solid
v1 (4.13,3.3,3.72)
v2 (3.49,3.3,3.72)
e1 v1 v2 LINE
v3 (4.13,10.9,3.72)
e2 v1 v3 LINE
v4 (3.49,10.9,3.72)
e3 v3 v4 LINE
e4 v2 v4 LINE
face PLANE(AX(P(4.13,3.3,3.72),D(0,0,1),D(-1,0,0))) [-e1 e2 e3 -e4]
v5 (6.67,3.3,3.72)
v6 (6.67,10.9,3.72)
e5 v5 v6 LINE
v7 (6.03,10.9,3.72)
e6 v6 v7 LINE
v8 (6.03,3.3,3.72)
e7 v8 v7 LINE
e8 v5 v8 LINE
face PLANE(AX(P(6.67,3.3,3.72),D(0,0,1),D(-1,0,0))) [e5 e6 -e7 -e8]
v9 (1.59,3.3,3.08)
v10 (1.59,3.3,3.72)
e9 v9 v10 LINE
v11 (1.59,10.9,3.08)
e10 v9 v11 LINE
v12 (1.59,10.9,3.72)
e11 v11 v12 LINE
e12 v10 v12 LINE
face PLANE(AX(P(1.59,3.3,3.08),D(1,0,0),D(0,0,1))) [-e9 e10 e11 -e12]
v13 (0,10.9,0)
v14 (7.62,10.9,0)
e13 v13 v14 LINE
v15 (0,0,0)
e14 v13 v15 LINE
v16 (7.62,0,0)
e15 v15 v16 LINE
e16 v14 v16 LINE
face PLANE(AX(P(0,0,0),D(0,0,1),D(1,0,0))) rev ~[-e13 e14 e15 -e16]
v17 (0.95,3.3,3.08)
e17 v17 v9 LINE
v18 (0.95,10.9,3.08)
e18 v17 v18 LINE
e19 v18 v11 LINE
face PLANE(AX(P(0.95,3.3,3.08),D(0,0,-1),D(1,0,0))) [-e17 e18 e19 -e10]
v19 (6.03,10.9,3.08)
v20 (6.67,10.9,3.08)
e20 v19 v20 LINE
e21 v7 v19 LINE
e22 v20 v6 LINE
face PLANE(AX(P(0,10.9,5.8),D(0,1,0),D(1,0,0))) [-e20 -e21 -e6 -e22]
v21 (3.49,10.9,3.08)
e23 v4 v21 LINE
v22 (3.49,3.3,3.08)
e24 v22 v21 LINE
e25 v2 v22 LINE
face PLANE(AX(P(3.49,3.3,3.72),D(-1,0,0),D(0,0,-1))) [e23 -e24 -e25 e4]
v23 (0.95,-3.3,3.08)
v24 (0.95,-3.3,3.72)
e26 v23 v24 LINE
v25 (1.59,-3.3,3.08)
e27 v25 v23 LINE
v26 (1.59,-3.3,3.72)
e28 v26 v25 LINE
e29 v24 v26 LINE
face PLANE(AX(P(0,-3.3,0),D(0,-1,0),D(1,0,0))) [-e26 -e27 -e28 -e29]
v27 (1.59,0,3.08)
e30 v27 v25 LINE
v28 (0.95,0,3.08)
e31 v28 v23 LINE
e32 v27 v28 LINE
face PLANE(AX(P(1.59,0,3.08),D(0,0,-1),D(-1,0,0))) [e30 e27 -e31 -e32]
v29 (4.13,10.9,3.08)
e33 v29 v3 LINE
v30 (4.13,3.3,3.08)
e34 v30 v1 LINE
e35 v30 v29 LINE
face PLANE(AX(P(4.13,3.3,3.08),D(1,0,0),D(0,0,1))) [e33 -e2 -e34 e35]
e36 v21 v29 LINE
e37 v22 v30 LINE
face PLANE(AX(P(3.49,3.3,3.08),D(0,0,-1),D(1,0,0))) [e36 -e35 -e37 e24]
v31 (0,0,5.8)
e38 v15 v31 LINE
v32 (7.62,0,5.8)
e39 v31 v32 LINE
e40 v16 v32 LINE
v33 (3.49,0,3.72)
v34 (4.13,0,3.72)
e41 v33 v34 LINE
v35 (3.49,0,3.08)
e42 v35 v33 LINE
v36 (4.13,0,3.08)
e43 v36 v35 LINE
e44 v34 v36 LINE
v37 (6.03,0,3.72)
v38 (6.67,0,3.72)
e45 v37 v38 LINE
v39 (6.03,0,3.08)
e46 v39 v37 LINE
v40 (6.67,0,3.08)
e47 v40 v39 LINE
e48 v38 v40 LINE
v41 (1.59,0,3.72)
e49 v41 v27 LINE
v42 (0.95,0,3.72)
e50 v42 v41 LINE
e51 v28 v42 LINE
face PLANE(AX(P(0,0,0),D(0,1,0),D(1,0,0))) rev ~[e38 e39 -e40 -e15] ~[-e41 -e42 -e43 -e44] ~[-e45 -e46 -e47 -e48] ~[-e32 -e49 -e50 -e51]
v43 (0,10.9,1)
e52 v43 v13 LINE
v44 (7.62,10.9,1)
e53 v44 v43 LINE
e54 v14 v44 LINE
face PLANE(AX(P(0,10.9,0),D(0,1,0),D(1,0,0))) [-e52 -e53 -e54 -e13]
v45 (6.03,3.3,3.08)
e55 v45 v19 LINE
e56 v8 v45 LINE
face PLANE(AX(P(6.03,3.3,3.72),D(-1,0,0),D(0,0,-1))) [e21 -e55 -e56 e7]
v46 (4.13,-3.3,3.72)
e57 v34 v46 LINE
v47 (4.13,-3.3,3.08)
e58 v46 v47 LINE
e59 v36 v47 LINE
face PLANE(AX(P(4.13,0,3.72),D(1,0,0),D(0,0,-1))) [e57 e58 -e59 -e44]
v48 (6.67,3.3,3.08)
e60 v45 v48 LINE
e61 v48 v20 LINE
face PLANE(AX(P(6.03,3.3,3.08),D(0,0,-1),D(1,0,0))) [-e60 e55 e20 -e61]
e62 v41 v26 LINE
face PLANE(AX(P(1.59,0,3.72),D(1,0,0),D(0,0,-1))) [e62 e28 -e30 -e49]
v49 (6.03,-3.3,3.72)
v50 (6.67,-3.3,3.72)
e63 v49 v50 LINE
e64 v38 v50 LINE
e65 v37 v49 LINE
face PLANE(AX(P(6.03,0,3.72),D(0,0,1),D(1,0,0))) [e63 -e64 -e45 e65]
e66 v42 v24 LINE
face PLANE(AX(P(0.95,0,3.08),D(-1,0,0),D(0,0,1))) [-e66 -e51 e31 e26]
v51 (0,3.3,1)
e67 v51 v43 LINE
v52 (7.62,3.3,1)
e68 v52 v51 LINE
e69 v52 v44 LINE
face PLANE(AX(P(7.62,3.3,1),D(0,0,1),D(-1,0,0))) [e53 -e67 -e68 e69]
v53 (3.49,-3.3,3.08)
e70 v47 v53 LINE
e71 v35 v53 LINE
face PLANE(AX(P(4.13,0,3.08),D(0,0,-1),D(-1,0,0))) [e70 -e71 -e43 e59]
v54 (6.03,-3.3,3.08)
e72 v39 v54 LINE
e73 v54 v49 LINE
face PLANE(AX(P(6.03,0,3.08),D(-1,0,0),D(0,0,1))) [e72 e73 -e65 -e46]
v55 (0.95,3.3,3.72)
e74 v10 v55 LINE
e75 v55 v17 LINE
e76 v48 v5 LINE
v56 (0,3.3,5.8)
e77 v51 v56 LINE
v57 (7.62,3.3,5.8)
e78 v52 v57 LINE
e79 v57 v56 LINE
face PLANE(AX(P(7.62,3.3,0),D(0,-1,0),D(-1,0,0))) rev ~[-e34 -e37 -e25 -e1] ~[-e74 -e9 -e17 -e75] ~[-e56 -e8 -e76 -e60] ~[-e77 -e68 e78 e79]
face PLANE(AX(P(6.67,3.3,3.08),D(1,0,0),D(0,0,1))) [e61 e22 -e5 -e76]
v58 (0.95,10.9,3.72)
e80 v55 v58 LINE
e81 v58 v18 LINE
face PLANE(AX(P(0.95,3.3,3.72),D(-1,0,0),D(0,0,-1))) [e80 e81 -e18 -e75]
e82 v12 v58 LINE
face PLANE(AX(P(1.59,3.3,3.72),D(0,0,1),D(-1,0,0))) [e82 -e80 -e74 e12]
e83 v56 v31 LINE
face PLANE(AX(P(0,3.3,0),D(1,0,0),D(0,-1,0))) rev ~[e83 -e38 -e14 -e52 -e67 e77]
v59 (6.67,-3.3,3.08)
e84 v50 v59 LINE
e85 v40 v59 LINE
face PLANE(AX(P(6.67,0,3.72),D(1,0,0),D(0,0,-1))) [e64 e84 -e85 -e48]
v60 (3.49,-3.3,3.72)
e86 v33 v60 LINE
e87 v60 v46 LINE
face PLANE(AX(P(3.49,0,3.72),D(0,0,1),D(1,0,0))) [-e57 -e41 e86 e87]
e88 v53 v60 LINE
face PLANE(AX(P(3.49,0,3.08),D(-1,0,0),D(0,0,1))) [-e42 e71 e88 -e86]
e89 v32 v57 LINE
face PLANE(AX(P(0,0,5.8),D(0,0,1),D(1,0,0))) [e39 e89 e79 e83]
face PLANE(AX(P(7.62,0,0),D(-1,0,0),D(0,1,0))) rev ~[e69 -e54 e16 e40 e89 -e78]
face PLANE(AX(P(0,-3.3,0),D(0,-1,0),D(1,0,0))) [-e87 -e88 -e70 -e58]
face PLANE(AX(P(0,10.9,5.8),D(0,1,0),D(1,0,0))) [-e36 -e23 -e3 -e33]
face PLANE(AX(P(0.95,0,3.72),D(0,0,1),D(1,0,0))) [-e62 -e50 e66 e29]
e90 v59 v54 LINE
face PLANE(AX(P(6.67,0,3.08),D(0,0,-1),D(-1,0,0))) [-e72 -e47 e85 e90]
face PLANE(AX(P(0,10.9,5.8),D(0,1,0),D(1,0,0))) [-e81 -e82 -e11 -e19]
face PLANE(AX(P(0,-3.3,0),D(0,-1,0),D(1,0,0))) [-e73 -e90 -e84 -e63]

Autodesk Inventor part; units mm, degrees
ref_plane "YZ Plane" through (0, 0, 0) normal (1, 0, 0) x (0, 1, 0)
ref_plane "XZ Plane" through (0, 0, 0) normal (0, 1, 0) x (-1, 0, 0)
ref_plane "XY Plane" through (0, 0, 0) normal (0, 0, 1) x (1, 0, 0)
sketch "Skizze1" plane through (0, 0, 0) normal (0, 0, 1) x (1, 0, 0)
  line L0 (0, 0) -> (7.62, 0)
  line L1 (7.62, 0) -> (7.62, 3.3)
  line L2 (7.62, 3.3) -> (0, 3.3)
  line L3 (0, 3.3) -> (0, 0)
  dimension "d0" = 7.62
  dimension "d1" = 3.3
extrude "Extrusion1" add sketch "Skizze1" along normal blind 5.8
sketch "Skizze2" plane through (0, 3.3, 0) normal (0, 1, 0) x (1, 0, 0)
  line L0 (7.62, 0) -> (7.62, -5.8) projected
  line L1 (0, 0) -> (7.62, 0)
  line L2 (7.62, 0) -> (7.62, -1)
  line L3 (7.62, -1) -> (0, -1)
  line L4 (0, -1) -> (0, 0)
  dimension "d4" = 1
extrude "Extrusion2" add sketch "Skizze2" along normal blind 7.6
sketch "Skizze3" plane through (0, 3.3, 5.8) normal (0, 1, 0) x (1, 0, 0)
  line L0 (7.62, 4.8) -> (0, 4.8) projected
  line L1 (0, 4.8) -> (0, 0) projected
  line L2 (7.62, 0) -> (0, 0) projected
  line L3 (7.62, 4.8) -> (7.62, 0) projected
  line L4 (0.95, 2.72) -> (1.59, 2.72)
  line L5 (1.59, 2.72) -> (1.59, 2.08)
  line L6 (1.59, 2.08) -> (0.95, 2.08)
  line L7 (0.95, 2.08) -> (0.95, 2.72)
  line L8 (3.49, 2.72) -> (4.13, 2.72)
  line L9 (4.13, 2.72) -> (4.13, 2.08)
  line L10 (4.13, 2.08) -> (3.49, 2.08)
  line L11 (3.49, 2.08) -> (3.49, 2.72)
  line L12 (6.03, 2.72) -> (6.67, 2.72)
  line L13 (6.67, 2.72) -> (6.67, 2.08)
  line L14 (6.67, 2.08) -> (6.03, 2.08)
  line L15 (6.03, 2.08) -> (6.03, 2.72)
  point P0 (0, 5.8)
  dimension "d7" = 0.64
  dimension "d8" = 0.64
  dimension "d9" = 0.64
  dimension "d10" = 0.64
  dimension "d11" = 0.64
  dimension "d12" = 0.64
  dimension "d13" = 7.62
  dimension "d15" = 1.9
  dimension "d16" = 1.9
  dimension "d17" = 0.95
  dimension "d18" = 0.95
  dimension "d19" = 4.8
  dimension "d20" = 2.08
extrude "Extrusion3" add sketch "Skizze3" along normal blind 7.6 contours L4 L5 L6 L7 | L8 L9 L10 L11 | L12 L13 L14 L15
sketch "Skizze4" plane through (0, 0, 0) normal (0, -1, 0) x (1, 0, 0)
  line L0 (7.62, 0) -> (7.62, 5.8) projected
  line L1 (0, 5.8) -> (7.62, 5.8) projected
  line L2 (0, 0) -> (0, 5.8) projected
  line L3 (0.95, 3.72) -> (1.59, 3.72)
  line L4 (1.59, 3.72) -> (1.59, 3.08)
  line L5 (1.59, 3.08) -> (0.95, 3.08)
  line L6 (0.95, 3.08) -> (0.95, 3.72)
  line L7 (3.49, 3.72) -> (4.13, 3.72)
  line L8 (4.13, 3.72) -> (4.13, 3.08)
  line L9 (4.13, 3.08) -> (3.49, 3.08)
  line L10 (3.49, 3.08) -> (3.49, 3.72)
  line L11 (6.03, 3.72) -> (6.67, 3.72)
  line L12 (6.67, 3.72) -> (6.67, 3.08)
  line L13 (6.67, 3.08) -> (6.03, 3.08)
  line L14 (6.03, 3.08) -> (6.03, 3.72)
  dimension "d23" = 0.64
  dimension "d24" = 0.64
  dimension "d25" = 0.64
  dimension "d26" = 0.64
  dimension "d27" = 0.64
  dimension "d28" = 0.64
  dimension "d29" = 0.95
  dimension "d30" = 0.95
  dimension "d31" = 1.9
  dimension "d32" = 1.9
  dimension "d33" = 2.08
  dimension "d34" = 2.08
  dimension "d35" = 2.08
extrude "Extrusion4" add sketch "Skizze4" along normal blind 3.3
properties part number "stiftleiste"
